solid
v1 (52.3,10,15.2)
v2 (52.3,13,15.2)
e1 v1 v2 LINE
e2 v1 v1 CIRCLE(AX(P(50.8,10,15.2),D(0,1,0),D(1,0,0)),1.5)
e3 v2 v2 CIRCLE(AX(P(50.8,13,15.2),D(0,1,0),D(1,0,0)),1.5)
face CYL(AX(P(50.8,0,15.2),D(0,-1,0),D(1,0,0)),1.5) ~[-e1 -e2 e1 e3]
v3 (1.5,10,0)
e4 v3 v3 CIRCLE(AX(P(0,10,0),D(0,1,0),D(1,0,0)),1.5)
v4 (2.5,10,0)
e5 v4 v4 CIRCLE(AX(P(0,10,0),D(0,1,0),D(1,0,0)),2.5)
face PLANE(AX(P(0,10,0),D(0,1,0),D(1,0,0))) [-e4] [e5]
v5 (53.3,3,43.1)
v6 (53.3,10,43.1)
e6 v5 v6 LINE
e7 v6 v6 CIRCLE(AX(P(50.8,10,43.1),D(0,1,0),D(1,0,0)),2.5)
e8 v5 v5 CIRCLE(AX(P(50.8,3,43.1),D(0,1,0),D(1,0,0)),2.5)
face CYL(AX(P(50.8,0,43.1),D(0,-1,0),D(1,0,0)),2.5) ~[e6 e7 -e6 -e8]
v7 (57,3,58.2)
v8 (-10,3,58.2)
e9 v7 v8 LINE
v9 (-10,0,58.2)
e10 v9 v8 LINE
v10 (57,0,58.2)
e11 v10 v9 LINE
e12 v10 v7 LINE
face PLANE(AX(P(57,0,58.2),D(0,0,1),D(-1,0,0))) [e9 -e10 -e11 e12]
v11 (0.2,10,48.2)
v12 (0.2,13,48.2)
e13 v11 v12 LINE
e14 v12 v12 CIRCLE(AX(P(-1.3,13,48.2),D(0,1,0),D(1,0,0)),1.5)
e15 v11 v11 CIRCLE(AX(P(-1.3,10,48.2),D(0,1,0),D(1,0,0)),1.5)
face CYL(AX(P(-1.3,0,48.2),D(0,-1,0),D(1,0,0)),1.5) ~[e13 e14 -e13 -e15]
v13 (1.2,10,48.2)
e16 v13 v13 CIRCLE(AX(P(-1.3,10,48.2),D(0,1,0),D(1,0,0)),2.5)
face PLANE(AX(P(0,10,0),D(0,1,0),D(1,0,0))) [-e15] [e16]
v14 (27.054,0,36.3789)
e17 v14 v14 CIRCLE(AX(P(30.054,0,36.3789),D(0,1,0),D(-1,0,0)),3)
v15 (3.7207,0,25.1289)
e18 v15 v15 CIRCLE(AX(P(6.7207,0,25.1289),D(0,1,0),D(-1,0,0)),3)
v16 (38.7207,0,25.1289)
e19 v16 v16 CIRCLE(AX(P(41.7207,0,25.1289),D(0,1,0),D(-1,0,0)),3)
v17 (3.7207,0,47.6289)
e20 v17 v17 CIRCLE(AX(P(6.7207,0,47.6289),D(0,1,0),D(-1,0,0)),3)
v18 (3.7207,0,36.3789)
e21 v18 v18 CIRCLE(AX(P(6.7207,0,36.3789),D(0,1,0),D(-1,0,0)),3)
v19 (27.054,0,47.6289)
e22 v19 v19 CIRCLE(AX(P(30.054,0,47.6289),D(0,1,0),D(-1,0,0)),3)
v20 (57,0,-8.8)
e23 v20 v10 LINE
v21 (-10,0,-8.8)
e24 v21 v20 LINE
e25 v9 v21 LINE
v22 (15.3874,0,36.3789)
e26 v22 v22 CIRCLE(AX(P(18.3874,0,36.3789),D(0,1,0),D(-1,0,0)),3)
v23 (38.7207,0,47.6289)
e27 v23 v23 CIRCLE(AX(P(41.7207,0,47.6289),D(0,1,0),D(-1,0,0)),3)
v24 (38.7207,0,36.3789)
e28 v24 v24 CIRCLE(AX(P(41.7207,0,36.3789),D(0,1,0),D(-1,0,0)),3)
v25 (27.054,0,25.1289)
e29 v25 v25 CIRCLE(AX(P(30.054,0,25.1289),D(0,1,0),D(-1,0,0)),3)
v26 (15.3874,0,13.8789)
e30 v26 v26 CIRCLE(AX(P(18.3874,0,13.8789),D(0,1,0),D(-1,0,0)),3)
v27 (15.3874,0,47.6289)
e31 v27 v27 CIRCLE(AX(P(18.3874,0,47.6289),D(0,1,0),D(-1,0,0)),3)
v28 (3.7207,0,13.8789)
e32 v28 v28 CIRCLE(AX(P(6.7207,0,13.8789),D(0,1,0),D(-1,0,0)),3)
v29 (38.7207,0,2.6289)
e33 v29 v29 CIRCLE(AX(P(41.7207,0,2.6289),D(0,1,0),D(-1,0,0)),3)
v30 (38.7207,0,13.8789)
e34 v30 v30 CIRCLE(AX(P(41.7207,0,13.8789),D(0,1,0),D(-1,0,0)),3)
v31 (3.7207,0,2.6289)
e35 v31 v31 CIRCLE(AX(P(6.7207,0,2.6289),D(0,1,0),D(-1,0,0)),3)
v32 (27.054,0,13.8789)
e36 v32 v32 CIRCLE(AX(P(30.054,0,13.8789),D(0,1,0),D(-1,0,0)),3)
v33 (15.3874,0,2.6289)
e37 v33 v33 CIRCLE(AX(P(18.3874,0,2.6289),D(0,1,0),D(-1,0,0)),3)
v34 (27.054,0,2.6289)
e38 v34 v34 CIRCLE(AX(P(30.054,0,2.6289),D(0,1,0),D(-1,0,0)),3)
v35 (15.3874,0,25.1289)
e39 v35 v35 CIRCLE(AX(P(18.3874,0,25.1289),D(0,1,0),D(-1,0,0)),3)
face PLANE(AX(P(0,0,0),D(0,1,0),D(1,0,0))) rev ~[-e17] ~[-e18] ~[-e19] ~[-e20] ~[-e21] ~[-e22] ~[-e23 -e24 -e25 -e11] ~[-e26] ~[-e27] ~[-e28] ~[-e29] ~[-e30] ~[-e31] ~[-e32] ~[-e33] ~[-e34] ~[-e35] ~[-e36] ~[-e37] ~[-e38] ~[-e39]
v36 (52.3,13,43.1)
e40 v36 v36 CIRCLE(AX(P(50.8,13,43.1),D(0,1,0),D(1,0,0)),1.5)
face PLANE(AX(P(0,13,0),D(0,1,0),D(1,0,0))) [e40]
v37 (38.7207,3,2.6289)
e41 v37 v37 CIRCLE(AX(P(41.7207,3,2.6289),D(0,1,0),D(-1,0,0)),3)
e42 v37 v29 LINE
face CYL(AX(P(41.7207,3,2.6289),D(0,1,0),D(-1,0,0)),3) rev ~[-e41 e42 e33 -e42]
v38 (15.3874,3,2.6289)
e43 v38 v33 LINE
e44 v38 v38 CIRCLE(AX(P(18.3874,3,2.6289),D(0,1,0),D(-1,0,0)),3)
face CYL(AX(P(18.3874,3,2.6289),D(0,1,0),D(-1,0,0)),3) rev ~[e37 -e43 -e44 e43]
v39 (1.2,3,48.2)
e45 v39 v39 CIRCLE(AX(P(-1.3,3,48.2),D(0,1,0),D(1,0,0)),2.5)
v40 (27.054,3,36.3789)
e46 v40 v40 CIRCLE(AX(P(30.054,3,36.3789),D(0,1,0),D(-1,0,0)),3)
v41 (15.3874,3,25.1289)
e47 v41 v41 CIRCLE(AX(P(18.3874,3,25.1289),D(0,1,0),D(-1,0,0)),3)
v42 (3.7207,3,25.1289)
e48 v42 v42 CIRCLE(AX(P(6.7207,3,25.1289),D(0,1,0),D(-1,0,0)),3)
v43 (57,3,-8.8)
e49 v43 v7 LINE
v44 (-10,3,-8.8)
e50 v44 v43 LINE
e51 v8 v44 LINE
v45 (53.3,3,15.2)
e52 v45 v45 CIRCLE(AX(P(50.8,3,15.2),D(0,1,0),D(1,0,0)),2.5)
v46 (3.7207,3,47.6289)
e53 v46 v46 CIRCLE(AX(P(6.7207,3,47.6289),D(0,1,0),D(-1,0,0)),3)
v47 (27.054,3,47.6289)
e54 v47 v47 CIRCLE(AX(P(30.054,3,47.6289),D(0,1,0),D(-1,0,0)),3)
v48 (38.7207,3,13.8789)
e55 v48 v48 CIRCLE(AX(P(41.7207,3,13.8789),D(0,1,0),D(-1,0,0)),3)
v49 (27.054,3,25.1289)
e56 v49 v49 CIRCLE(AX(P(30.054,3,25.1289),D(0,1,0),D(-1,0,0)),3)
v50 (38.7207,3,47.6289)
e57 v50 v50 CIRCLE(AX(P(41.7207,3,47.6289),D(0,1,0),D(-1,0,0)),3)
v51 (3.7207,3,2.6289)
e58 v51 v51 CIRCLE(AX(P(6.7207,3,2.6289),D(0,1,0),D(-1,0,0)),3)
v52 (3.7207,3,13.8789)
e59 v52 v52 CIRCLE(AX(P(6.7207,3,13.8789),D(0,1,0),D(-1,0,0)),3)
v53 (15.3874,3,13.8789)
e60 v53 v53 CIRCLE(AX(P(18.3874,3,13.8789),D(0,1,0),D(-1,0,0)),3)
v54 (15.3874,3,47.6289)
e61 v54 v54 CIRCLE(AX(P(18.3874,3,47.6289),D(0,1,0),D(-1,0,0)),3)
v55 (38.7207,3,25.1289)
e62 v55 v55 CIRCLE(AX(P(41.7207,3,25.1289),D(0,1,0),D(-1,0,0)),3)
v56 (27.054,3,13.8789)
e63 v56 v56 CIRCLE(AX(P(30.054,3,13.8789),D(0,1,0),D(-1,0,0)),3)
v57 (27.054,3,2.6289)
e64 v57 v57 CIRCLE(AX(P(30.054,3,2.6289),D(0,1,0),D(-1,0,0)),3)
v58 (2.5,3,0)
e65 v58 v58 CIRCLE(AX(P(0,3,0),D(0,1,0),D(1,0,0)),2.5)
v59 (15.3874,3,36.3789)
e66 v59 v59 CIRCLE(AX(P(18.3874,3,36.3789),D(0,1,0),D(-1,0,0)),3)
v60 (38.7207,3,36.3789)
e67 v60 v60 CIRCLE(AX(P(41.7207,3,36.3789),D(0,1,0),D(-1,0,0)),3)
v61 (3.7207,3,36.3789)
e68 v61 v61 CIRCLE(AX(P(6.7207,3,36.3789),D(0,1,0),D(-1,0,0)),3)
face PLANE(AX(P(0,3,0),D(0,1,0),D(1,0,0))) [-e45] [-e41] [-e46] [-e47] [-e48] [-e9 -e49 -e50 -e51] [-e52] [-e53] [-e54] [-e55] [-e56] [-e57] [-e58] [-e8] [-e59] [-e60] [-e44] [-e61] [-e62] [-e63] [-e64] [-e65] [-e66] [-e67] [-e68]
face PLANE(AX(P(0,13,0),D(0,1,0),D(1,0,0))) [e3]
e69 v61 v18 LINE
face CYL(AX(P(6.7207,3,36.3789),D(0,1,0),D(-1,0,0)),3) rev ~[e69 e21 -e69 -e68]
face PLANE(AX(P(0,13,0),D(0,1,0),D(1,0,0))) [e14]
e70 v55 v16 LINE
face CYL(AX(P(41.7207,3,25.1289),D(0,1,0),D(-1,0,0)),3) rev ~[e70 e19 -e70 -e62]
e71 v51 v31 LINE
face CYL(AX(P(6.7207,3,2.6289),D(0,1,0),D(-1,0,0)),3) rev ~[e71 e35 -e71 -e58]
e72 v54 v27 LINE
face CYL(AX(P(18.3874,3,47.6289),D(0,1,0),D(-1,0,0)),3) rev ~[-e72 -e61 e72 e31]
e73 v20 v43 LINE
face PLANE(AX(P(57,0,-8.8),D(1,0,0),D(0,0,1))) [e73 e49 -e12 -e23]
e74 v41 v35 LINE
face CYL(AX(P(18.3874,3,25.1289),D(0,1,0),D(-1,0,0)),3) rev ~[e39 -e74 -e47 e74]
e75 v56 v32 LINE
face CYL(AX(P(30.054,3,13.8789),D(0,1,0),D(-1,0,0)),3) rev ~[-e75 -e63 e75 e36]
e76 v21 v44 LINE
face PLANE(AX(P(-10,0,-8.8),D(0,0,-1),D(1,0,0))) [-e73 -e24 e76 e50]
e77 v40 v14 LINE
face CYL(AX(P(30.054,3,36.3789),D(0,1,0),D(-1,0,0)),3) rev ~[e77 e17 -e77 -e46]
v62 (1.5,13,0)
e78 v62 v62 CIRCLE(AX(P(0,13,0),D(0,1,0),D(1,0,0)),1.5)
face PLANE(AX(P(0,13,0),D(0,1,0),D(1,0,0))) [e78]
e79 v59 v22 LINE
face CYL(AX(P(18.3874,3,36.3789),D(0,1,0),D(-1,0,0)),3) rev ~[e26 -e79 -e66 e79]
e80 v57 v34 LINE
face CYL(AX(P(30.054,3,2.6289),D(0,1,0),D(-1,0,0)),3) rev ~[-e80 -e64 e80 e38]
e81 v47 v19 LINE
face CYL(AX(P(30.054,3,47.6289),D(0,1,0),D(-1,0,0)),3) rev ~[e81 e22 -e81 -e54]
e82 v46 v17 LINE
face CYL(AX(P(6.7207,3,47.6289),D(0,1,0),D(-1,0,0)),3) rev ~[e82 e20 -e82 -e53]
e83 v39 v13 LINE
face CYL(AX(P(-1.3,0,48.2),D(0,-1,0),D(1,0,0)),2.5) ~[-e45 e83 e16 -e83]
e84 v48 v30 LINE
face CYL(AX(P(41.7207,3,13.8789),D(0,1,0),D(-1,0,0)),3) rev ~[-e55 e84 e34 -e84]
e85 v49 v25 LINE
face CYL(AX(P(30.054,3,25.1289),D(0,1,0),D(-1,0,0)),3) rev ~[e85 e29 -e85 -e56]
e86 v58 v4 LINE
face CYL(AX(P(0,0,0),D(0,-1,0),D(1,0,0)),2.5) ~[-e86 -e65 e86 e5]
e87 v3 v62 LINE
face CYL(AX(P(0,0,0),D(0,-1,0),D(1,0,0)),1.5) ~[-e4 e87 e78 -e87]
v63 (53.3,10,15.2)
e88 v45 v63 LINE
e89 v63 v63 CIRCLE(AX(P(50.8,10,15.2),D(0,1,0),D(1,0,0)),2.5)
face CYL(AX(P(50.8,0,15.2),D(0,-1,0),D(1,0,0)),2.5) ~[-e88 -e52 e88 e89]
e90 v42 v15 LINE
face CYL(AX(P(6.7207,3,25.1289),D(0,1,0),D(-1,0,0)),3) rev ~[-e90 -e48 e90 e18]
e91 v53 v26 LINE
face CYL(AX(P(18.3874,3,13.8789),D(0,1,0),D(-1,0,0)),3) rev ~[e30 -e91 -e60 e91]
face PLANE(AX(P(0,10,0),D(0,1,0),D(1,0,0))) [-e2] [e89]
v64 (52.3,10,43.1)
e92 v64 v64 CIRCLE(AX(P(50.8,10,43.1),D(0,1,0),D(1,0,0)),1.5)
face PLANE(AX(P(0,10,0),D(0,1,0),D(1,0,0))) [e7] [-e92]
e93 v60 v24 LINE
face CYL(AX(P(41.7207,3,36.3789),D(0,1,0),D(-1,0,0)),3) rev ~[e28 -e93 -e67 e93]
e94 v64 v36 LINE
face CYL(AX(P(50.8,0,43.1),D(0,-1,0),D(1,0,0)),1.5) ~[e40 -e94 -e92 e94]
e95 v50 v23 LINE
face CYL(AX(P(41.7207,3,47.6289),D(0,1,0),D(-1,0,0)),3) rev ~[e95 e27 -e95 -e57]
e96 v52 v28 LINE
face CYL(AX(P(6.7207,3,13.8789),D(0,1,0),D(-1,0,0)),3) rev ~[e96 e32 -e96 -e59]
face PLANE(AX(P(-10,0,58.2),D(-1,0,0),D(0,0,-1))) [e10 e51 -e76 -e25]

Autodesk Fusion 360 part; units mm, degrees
sketch "Sketch1" plane through (0, 0, 0) normal (0, 1, 0) x (1, 0, 0)
  circle A0 centre (0, 0) radius 1.5
  circle A1 centre (50.8, -15.2) radius 1.5
  circle A2 centre (50.8, -43.1) radius 1.5
  circle A3 centre (-1.3, -48.2) radius 1.5
  line L0 (-10, 8.8) -> (57, 8.8)
  line L1 (57, 8.8) -> (57, -58.2)
  line L2 (57, -58.2) -> (-10, -58.2)
  line L3 (-10, -58.2) -> (-10, 8.8)
  circle A4 centre (50.8, -15.2) radius 2.5
  circle A5 centre (50.8, -43.1) radius 2.5
  circle A6 centre (-1.3, -48.2) radius 2.5
  circle A7 centre (0, 0) radius 2.5
  dimension "d1" = 3
  dimension "d2" = 3
  dimension "d3" = 50.8
  dimension "d4" = 15.2
  dimension "d5" = 3
  dimension "d6" = 27.9
  dimension "d7" = 3
  dimension "d8" = 5.1
  dimension "d9" = 1.3
  dimension "d10" = 67
  dimension "d11" = 67
  dimension "d12" = 10
  dimension "d13" = 10
  dimension "d16" = 5
  dimension "d17" = 5
  dimension "d18" = 5
  dimension "d19" = 5
extrude "Extrude1" add sketch "Sketch1" along normal blind 13 contours A0 | A1 | A2 | A3 makes body 1 at (51.2777, 8.6667, 13.7781) makes body 2 at (52.0799, 8.6667, 42.3178) makes body 3 at (1.4925, 8.6667, 0.1494) makes body 4 at (-2.6822, 8.6667, 48.7827)
extrude "Extrude3" add sketch "Sketch1" along normal blind 10 contours A5 bodies 2
extrude "Extrude4" add sketch "Sketch1" along normal blind 10 contours A4 bodies 1
extrude "Extrude5" add sketch "Sketch1" along normal blind 10 contours A6 bodies 4
extrude "Extrude6" add sketch "Sketch1" along normal blind 10 contours A7 bodies 3
extrude "Extrude7" add sketch "Sketch1" along normal blind 3 contours L0 L1 L2 L3 bodies 1 2 3 4
sketch "Sketch2" plane through (0, 3, 0) normal (0, 1, 0) x (-1, 0, 0)
  circle A0 centre (0, 0) radius 2.5
  circle A1 centre (-50.8, 15.2) radius 2.5
  circle A2 centre (1.3, 48.2) radius 2.5
  circle A3 centre (-50.8, 43.1) radius 2.5
  line L0 (10, 58.2) -> (-57, 58.2)
  line L1 (-57, 58.2) -> (-57, -8.8)
  line L2 (-57, -8.8) -> (10, -8.8)
  line L3 (10, -8.8) -> (10, 58.2)
  circle A4 centre (-6.7207, 2.6289) radius 3
  circle A5 centre (-18.3874, 2.6289) radius 3
  circle A6 centre (-30.054, 2.6289) radius 3
  circle A7 centre (-41.7207, 2.6289) radius 3
  circle A8 centre (-6.7207, 13.8789) radius 3
  circle A9 centre (-18.3874, 13.8789) radius 3
  circle A10 centre (-30.054, 13.8789) radius 3
  circle A11 centre (-41.7207, 13.8789) radius 3
  circle A12 centre (-6.7207, 25.1289) radius 3
  circle A13 centre (-18.3874, 25.1289) radius 3
  circle A14 centre (-30.054, 25.1289) radius 3
  circle A15 centre (-41.7207, 25.1289) radius 3
  circle A16 centre (-6.7207, 36.3789) radius 3
  circle A17 centre (-18.3874, 36.3789) radius 3
  circle A18 centre (-30.054, 36.3789) radius 3
  circle A19 centre (-41.7207, 36.3789) radius 3
  circle A20 centre (-6.7207, 47.6289) radius 3
  circle A21 centre (-18.3874, 47.6289) radius 3
  circle A22 centre (-30.054, 47.6289) radius 3
  circle A23 centre (-41.7207, 47.6289) radius 3
  dimension "d37" = 6
  dimension "d40" = -35
  dimension "d41" = 45
extrude "Extrude8" cut sketch "Sketch2" against normal blind 3 contours A4 | A5 | A6 | A7 | A8 | A9 | A10 | A11 | A12 | A13 | A14 | A15 | A16 | A17 | A18 | A19 | A20 | A21 | A22 | A23 bodies 1
extrude "Extrude2" [suppressed]
equation "d1 = HoleSize"
equation "d2 = HoleSize"
equation "d5 = HoleSize"
equation "d7 = HoleSize"
equation "HoleSize = 3 mm"
equation "PostSize = 5 mm"
equation "d16 = PostSize"
equation "d17 = PostSize"
equation "d18 = PostSize"
equation "d19 = PostSize"
equation "PostHeight = 10 mm"
equation "PegHeight = 3 mm"
equation "d22 = PostHeight + PegHeight"
equation "d24 = PostHeight"
equation "d26 = PostHeight"
equation "d28 = PostHeight"
equation "d30 = PostHeight"
equation "d32 = PostHeight"
equation "PlatformHeight = 3 mm"
equation "d35 = PlatformHeight"
equation "d42 = -PlatformHeight"
